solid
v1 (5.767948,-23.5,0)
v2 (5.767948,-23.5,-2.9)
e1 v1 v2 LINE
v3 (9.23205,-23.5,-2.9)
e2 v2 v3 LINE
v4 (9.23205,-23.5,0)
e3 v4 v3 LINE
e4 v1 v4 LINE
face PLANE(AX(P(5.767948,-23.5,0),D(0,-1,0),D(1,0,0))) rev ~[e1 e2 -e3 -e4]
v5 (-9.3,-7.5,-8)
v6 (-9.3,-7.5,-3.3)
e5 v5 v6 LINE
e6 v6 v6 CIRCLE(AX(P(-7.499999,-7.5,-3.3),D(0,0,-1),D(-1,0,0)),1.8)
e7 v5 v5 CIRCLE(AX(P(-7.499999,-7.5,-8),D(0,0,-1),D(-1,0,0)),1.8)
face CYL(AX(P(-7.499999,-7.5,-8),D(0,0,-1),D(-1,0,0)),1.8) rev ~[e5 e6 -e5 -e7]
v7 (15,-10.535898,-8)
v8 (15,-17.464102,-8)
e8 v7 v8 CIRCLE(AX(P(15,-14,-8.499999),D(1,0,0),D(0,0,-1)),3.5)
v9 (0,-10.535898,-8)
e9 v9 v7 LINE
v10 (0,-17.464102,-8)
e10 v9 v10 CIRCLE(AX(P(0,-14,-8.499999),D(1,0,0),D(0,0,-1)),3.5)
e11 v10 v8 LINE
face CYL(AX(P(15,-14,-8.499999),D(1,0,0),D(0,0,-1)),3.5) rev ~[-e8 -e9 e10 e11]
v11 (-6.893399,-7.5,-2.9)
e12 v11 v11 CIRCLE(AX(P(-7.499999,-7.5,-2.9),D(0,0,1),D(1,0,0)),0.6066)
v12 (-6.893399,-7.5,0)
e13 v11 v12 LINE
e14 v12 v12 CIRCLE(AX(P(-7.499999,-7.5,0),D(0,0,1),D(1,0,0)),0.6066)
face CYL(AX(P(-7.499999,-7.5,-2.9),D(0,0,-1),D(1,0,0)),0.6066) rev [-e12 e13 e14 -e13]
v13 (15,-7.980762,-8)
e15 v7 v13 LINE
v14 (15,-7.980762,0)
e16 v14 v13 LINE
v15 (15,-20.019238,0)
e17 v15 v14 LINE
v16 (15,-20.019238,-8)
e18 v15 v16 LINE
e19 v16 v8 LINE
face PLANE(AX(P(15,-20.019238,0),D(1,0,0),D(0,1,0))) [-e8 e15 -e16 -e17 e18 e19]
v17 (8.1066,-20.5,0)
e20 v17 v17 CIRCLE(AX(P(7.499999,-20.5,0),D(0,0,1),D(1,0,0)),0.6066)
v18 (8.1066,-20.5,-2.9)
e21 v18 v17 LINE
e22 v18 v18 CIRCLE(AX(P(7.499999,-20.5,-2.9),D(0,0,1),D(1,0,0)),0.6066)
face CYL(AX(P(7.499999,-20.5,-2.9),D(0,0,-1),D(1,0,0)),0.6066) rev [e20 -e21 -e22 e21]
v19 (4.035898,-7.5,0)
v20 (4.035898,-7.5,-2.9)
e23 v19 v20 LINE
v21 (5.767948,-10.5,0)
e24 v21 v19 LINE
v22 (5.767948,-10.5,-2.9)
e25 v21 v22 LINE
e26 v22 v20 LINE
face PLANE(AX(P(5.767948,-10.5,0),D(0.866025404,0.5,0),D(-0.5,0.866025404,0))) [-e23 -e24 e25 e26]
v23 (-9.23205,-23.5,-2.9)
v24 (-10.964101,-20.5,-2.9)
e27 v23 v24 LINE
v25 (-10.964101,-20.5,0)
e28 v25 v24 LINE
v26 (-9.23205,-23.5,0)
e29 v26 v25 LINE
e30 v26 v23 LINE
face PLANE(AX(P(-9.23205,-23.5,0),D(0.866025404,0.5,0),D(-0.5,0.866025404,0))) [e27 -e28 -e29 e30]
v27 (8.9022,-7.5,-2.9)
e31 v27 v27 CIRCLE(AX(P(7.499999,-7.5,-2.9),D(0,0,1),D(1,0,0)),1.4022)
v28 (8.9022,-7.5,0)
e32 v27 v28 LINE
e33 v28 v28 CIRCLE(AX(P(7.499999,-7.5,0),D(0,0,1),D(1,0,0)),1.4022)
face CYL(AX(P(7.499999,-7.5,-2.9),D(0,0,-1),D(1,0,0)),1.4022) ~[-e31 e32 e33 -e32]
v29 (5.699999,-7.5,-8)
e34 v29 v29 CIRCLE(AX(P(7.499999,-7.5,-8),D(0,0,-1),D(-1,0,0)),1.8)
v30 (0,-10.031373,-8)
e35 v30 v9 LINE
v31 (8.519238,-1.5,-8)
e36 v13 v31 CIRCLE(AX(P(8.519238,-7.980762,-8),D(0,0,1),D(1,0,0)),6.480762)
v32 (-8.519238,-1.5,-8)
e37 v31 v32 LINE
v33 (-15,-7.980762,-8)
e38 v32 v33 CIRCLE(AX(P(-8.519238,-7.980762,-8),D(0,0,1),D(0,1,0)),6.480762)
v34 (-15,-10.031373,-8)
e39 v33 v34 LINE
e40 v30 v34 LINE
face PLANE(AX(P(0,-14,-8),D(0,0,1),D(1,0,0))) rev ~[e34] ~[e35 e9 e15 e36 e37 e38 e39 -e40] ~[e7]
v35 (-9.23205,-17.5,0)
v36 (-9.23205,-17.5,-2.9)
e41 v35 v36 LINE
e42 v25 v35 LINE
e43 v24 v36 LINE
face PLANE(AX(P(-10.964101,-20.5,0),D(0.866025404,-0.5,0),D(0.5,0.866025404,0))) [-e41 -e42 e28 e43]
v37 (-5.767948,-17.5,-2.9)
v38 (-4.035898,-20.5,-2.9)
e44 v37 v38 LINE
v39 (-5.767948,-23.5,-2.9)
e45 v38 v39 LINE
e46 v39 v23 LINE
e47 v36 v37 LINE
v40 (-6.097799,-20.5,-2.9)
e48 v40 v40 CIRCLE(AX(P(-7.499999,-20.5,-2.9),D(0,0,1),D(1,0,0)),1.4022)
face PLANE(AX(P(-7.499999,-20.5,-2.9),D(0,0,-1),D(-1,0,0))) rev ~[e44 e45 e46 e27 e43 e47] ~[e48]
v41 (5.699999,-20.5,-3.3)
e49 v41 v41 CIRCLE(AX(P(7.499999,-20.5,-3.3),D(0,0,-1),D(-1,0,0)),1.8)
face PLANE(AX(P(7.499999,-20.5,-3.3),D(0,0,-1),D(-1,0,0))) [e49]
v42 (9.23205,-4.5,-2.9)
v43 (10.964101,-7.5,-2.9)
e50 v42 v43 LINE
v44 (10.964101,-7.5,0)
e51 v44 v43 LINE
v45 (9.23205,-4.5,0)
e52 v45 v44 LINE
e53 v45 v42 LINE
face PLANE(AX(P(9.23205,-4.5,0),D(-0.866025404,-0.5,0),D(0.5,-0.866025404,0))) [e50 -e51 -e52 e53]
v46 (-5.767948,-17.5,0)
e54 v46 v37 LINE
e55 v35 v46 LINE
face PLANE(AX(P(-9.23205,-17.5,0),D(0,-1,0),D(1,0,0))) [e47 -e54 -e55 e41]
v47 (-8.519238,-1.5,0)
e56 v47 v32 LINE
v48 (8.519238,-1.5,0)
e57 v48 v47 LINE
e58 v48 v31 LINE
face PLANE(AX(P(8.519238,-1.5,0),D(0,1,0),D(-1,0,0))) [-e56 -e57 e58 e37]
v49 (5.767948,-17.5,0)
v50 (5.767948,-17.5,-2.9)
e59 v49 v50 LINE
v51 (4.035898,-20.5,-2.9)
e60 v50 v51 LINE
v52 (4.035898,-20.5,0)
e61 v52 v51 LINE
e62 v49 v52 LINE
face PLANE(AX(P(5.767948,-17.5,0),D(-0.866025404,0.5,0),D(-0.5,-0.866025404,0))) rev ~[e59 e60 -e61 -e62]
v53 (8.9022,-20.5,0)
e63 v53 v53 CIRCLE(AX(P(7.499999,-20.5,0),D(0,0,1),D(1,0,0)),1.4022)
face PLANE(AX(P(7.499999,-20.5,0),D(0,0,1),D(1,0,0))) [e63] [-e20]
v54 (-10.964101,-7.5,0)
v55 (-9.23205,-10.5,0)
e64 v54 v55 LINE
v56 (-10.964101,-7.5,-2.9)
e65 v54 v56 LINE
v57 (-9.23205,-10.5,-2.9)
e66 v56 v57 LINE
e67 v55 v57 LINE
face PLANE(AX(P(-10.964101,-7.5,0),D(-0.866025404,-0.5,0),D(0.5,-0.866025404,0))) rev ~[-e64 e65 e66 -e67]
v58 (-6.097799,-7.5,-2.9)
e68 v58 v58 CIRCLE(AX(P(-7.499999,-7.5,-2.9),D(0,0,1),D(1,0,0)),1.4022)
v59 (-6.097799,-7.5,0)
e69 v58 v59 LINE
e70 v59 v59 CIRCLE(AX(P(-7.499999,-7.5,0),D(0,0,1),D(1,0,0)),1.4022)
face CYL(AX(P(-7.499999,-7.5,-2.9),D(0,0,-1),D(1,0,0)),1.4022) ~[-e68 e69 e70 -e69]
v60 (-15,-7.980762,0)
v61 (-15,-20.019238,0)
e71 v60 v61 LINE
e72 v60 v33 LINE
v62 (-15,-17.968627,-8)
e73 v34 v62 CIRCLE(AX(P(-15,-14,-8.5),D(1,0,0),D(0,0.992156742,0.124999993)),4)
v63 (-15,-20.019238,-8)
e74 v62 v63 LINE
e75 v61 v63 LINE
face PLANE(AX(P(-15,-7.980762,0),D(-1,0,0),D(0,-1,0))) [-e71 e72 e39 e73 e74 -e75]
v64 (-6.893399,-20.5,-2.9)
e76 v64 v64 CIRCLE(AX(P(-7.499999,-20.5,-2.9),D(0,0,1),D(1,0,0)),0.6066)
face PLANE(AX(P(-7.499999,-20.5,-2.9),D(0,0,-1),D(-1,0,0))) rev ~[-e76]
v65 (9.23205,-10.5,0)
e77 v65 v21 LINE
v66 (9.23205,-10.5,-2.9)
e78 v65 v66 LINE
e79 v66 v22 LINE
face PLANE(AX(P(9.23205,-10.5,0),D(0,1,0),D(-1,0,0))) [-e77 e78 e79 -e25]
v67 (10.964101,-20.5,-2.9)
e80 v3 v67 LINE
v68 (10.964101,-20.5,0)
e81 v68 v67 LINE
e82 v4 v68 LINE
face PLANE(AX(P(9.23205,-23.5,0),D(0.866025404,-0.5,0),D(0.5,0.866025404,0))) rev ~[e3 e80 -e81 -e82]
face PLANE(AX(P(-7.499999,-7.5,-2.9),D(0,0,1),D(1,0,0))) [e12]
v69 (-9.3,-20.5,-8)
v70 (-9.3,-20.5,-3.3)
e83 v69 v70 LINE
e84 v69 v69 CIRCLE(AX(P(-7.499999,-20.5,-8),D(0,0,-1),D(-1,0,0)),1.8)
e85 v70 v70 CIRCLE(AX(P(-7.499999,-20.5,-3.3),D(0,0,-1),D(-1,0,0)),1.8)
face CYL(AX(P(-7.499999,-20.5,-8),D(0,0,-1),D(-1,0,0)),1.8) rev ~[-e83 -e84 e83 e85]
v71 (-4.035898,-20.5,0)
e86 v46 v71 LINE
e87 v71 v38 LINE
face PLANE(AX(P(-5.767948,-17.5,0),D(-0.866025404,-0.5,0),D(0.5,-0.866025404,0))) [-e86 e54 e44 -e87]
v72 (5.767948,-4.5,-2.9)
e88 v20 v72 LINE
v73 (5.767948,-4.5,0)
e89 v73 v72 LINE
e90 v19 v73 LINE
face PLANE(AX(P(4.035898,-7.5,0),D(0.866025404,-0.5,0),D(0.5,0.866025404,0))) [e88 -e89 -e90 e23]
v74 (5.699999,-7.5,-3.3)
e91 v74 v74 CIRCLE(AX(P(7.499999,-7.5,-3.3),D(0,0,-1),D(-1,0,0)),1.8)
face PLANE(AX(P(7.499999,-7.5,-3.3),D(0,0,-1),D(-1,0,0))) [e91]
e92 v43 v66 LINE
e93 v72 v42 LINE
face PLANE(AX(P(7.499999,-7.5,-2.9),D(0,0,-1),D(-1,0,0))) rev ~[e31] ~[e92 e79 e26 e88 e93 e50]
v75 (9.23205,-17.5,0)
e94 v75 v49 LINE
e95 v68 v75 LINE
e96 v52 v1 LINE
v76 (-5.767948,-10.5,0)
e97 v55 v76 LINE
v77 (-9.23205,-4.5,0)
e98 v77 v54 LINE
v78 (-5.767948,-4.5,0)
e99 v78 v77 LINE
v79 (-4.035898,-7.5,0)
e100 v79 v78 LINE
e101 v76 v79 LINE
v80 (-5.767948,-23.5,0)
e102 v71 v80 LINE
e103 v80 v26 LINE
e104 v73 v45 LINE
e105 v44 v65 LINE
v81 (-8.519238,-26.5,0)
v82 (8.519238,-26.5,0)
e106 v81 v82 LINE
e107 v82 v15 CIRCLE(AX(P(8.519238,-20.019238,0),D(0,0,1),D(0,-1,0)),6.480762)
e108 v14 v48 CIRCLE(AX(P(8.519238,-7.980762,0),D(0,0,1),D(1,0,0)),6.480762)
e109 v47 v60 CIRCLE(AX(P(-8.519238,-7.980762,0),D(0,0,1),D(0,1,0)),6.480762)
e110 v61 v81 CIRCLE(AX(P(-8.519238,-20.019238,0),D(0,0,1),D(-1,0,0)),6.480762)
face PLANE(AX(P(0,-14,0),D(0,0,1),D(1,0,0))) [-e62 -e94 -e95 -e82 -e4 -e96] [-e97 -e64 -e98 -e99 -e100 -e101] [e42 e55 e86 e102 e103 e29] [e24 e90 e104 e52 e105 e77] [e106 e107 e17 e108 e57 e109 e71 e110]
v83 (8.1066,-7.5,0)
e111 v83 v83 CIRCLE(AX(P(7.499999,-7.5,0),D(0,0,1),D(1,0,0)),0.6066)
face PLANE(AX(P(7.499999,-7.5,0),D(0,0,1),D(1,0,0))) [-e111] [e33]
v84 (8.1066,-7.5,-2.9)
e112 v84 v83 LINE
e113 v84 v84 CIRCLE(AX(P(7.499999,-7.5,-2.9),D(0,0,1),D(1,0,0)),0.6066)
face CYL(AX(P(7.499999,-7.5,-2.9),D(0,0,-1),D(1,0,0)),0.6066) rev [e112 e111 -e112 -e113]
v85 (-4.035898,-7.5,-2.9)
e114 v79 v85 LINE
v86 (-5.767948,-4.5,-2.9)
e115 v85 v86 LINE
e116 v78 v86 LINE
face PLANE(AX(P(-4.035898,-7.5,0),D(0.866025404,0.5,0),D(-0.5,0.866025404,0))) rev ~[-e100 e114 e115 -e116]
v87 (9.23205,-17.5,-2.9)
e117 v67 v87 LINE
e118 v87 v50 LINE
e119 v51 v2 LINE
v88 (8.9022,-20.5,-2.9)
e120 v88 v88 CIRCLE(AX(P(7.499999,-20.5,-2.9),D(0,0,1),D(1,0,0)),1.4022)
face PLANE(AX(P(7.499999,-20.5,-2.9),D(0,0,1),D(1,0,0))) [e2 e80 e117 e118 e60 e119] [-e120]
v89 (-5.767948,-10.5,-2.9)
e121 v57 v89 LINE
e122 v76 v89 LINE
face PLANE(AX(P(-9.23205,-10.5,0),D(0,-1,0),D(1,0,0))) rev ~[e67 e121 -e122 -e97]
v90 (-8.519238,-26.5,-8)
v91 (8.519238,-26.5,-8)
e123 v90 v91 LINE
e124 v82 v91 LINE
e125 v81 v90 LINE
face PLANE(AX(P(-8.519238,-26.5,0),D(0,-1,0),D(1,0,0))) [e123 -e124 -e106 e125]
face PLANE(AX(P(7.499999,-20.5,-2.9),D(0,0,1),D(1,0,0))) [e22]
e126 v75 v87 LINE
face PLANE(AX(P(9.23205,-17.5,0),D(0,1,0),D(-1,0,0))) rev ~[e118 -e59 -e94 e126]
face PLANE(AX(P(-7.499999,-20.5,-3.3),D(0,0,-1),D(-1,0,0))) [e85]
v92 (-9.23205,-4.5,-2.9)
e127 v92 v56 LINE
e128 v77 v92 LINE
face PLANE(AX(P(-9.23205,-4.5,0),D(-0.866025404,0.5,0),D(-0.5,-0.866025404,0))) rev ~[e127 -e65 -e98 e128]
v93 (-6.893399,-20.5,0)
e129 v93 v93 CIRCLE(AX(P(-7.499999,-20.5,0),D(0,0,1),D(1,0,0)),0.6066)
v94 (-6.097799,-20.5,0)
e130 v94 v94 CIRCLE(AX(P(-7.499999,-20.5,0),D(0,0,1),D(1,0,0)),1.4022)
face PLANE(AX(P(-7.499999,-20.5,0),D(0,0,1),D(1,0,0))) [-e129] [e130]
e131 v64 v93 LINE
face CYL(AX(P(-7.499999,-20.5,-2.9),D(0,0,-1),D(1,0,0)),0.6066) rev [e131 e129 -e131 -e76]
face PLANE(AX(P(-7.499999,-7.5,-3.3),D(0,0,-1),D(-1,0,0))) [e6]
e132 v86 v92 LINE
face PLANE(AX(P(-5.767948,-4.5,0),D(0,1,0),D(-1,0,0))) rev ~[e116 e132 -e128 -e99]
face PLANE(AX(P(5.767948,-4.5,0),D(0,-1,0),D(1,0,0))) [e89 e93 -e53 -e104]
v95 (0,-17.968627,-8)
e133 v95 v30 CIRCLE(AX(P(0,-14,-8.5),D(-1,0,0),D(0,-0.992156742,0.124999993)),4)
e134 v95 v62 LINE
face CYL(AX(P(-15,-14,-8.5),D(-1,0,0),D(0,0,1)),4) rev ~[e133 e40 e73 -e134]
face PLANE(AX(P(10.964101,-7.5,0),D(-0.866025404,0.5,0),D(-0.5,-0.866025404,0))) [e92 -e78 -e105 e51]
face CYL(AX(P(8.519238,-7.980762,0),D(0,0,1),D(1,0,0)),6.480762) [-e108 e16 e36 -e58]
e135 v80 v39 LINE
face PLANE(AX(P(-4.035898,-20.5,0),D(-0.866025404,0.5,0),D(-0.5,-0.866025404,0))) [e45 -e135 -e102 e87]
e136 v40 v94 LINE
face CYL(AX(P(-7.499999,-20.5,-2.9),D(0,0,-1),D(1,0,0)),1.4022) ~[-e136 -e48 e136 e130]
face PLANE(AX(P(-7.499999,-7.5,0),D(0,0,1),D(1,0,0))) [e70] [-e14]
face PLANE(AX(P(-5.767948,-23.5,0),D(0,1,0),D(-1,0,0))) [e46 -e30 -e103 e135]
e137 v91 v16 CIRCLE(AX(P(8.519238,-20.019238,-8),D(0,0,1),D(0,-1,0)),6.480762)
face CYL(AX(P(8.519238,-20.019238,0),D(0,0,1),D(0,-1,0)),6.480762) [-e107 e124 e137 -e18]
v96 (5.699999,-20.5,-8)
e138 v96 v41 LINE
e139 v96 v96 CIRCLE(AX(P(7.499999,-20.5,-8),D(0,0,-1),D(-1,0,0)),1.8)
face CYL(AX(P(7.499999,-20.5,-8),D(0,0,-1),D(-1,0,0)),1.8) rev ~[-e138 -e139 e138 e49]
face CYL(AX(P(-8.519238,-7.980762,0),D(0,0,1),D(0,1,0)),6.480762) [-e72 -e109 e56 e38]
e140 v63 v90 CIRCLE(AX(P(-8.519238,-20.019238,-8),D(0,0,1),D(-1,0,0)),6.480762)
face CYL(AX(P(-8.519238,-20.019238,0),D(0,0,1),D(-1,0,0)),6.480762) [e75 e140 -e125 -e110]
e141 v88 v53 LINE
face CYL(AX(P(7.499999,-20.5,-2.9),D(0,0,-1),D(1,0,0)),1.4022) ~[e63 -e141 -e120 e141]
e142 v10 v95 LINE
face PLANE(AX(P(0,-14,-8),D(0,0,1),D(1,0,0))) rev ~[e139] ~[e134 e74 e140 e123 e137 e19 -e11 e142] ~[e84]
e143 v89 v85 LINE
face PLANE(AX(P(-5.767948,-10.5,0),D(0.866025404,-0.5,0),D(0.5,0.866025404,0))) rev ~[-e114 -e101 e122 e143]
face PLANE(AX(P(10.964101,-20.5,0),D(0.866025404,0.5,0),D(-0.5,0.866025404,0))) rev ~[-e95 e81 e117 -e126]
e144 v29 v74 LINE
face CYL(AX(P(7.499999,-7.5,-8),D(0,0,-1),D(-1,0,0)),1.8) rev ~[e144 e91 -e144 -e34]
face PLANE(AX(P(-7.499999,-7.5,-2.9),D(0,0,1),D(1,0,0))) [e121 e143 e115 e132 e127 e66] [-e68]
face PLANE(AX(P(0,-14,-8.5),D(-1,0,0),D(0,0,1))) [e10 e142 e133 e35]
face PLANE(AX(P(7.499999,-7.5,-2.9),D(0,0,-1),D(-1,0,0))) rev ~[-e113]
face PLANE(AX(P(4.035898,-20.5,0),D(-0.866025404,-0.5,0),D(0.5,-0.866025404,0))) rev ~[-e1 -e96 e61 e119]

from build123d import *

# Parameters (mm, degrees)
BOSS_EXTRUDE2_DEPTH = 8
SKETCH10_R          = 1.800000439
CUT_EXTRUDE5_DEPTH  = 4.7
CUT_EXTRUDE6_DEPTH  = 2.9
SKETCH12_R          = 3.5
CUT_EXTRUDE7_DEPTH  = 31
SKETCH13_R          = 4
CUT_EXTRUDE8_DEPTH  = 15
SKETCH14_R          = 1.402200439
SKETCH14_R_2        = 0.606600439
BOSS_EXTRUDE3_DEPTH = 2.9


with BuildPart() as part:
    # Sketch9 → Boss-Extrude2 (new body)
    with BuildSketch(Plane.XY):
        with BuildLine():
            Line((15, -20.019238), (15, -7.980762))
            ThreePointArc((15, -7.980762), (13.101828757, -3.398171243), (8.519238, -1.5))
            Line((8.519238, -1.5), (-8.519238, -1.5))
            ThreePointArc((-8.519238, -1.5), (-13.101828757, -3.398171243), (-15, -7.980762))
            Line((-15, -7.980762), (-15, -20.019238))
            ThreePointArc((-15, -20.019238), (-13.101828757, -24.601828757), (-8.519238, -26.5))
            Line((-8.519238, -26.5), (8.519238, -26.5))
            ThreePointArc((8.519238, -26.5), (13.101828757, -24.601828757), (15, -20.019238))
        make_face()
    extrude(amount=-BOSS_EXTRUDE2_DEPTH)

    # Sketch10 → Cut-Extrude5 (cut)
    with BuildSketch(Plane(origin=(0, 0, -8), x_dir=(-1, 0, 0), z_dir=(0, 0, -1))):
        with Locations((-7.499999289, -7.499999745)):
            Circle(SKETCH10_R)
        with Locations((7.499999289, -7.499999745)):
            Circle(SKETCH10_R)
        with Locations((7.499999289, -20.500000255)):
            Circle(SKETCH10_R)
        with Locations((-7.499999289, -20.500000255)):
            Circle(SKETCH10_R)
    extrude(amount=-CUT_EXTRUDE5_DEPTH, mode=Mode.SUBTRACT)

    # Sketch11 → Cut-Extrude6 (cut)
    with BuildSketch(Plane.XY):
        Polygon((9.232050097, -4.499999745), (10.964100904, -7.499999745), (9.232050097, -10.499999745), (5.767948482, -10.499999745), (4.035897674, -7.499999745), (5.767948482, -4.499999745), align=None)
        Polygon((-9.232050097, -23.500000255), (-10.964100904, -20.500000255), (-9.232050097, -17.500000255), (-5.767948482, -17.500000255), (-4.035897674, -20.500000255), (-5.767948482, -23.500000255), align=None)
        Polygon((10.964100904, -20.500000255), (9.232050097, -17.500000255), (5.767948482, -17.500000255), (4.035897674, -20.500000255), (5.767948482, -23.500000255), (9.232050097, -23.500000255), align=None)
        Polygon((-10.964100904, -7.499999745), (-9.232050097, -10.499999745), (-5.767948482, -10.499999745), (-4.035897674, -7.499999745), (-5.767948482, -4.499999745), (-9.232050097, -4.499999745), align=None)
    extrude(amount=-CUT_EXTRUDE6_DEPTH, mode=Mode.SUBTRACT)

    # Sketch12 → Cut-Extrude7 (cut, through all)
    with BuildSketch(Plane(origin=(15, 0, 0), x_dir=(0, 0, -1), z_dir=(1, 0, 0))):
        with Locations((8.499999447, -14)):
            Circle(SKETCH12_R)
    extrude(amount=-CUT_EXTRUDE7_DEPTH, mode=Mode.SUBTRACT)

    # Sketch13 → Cut-Extrude8 (cut)
    with BuildSketch(Plane.ZY.offset(15)):
        with Locations((-8.499999973, -14)):
            Circle(SKETCH13_R)
    extrude(amount=-CUT_EXTRUDE8_DEPTH, mode=Mode.SUBTRACT)

    # Sketch14 → Boss-Extrude3 (add)
    with BuildSketch(Plane.XY.offset(-2.9)):
        with Locations((-7.499999289, -7.499999745)):
            Circle(SKETCH14_R)
        with Locations((-7.499999289, -7.499999745)):
            Circle(SKETCH14_R_2, mode=Mode.SUBTRACT)
        with Locations((7.499999289, -7.499999745)):
            Circle(SKETCH14_R)
        with Locations((7.499999289, -7.499999745)):
            Circle(SKETCH14_R_2, mode=Mode.SUBTRACT)
        with Locations((-7.499999289, -20.500000255)):
            Circle(SKETCH14_R)
        with Locations((-7.499999289, -20.500000255)):
            Circle(SKETCH14_R_2, mode=Mode.SUBTRACT)
        with Locations((7.499999289, -20.500000255)):
            Circle(SKETCH14_R)
        with Locations((7.499999289, -20.500000255)):
            Circle(SKETCH14_R_2, mode=Mode.SUBTRACT)
    extrude(amount=BOSS_EXTRUDE3_DEPTH)


solid = part.part
